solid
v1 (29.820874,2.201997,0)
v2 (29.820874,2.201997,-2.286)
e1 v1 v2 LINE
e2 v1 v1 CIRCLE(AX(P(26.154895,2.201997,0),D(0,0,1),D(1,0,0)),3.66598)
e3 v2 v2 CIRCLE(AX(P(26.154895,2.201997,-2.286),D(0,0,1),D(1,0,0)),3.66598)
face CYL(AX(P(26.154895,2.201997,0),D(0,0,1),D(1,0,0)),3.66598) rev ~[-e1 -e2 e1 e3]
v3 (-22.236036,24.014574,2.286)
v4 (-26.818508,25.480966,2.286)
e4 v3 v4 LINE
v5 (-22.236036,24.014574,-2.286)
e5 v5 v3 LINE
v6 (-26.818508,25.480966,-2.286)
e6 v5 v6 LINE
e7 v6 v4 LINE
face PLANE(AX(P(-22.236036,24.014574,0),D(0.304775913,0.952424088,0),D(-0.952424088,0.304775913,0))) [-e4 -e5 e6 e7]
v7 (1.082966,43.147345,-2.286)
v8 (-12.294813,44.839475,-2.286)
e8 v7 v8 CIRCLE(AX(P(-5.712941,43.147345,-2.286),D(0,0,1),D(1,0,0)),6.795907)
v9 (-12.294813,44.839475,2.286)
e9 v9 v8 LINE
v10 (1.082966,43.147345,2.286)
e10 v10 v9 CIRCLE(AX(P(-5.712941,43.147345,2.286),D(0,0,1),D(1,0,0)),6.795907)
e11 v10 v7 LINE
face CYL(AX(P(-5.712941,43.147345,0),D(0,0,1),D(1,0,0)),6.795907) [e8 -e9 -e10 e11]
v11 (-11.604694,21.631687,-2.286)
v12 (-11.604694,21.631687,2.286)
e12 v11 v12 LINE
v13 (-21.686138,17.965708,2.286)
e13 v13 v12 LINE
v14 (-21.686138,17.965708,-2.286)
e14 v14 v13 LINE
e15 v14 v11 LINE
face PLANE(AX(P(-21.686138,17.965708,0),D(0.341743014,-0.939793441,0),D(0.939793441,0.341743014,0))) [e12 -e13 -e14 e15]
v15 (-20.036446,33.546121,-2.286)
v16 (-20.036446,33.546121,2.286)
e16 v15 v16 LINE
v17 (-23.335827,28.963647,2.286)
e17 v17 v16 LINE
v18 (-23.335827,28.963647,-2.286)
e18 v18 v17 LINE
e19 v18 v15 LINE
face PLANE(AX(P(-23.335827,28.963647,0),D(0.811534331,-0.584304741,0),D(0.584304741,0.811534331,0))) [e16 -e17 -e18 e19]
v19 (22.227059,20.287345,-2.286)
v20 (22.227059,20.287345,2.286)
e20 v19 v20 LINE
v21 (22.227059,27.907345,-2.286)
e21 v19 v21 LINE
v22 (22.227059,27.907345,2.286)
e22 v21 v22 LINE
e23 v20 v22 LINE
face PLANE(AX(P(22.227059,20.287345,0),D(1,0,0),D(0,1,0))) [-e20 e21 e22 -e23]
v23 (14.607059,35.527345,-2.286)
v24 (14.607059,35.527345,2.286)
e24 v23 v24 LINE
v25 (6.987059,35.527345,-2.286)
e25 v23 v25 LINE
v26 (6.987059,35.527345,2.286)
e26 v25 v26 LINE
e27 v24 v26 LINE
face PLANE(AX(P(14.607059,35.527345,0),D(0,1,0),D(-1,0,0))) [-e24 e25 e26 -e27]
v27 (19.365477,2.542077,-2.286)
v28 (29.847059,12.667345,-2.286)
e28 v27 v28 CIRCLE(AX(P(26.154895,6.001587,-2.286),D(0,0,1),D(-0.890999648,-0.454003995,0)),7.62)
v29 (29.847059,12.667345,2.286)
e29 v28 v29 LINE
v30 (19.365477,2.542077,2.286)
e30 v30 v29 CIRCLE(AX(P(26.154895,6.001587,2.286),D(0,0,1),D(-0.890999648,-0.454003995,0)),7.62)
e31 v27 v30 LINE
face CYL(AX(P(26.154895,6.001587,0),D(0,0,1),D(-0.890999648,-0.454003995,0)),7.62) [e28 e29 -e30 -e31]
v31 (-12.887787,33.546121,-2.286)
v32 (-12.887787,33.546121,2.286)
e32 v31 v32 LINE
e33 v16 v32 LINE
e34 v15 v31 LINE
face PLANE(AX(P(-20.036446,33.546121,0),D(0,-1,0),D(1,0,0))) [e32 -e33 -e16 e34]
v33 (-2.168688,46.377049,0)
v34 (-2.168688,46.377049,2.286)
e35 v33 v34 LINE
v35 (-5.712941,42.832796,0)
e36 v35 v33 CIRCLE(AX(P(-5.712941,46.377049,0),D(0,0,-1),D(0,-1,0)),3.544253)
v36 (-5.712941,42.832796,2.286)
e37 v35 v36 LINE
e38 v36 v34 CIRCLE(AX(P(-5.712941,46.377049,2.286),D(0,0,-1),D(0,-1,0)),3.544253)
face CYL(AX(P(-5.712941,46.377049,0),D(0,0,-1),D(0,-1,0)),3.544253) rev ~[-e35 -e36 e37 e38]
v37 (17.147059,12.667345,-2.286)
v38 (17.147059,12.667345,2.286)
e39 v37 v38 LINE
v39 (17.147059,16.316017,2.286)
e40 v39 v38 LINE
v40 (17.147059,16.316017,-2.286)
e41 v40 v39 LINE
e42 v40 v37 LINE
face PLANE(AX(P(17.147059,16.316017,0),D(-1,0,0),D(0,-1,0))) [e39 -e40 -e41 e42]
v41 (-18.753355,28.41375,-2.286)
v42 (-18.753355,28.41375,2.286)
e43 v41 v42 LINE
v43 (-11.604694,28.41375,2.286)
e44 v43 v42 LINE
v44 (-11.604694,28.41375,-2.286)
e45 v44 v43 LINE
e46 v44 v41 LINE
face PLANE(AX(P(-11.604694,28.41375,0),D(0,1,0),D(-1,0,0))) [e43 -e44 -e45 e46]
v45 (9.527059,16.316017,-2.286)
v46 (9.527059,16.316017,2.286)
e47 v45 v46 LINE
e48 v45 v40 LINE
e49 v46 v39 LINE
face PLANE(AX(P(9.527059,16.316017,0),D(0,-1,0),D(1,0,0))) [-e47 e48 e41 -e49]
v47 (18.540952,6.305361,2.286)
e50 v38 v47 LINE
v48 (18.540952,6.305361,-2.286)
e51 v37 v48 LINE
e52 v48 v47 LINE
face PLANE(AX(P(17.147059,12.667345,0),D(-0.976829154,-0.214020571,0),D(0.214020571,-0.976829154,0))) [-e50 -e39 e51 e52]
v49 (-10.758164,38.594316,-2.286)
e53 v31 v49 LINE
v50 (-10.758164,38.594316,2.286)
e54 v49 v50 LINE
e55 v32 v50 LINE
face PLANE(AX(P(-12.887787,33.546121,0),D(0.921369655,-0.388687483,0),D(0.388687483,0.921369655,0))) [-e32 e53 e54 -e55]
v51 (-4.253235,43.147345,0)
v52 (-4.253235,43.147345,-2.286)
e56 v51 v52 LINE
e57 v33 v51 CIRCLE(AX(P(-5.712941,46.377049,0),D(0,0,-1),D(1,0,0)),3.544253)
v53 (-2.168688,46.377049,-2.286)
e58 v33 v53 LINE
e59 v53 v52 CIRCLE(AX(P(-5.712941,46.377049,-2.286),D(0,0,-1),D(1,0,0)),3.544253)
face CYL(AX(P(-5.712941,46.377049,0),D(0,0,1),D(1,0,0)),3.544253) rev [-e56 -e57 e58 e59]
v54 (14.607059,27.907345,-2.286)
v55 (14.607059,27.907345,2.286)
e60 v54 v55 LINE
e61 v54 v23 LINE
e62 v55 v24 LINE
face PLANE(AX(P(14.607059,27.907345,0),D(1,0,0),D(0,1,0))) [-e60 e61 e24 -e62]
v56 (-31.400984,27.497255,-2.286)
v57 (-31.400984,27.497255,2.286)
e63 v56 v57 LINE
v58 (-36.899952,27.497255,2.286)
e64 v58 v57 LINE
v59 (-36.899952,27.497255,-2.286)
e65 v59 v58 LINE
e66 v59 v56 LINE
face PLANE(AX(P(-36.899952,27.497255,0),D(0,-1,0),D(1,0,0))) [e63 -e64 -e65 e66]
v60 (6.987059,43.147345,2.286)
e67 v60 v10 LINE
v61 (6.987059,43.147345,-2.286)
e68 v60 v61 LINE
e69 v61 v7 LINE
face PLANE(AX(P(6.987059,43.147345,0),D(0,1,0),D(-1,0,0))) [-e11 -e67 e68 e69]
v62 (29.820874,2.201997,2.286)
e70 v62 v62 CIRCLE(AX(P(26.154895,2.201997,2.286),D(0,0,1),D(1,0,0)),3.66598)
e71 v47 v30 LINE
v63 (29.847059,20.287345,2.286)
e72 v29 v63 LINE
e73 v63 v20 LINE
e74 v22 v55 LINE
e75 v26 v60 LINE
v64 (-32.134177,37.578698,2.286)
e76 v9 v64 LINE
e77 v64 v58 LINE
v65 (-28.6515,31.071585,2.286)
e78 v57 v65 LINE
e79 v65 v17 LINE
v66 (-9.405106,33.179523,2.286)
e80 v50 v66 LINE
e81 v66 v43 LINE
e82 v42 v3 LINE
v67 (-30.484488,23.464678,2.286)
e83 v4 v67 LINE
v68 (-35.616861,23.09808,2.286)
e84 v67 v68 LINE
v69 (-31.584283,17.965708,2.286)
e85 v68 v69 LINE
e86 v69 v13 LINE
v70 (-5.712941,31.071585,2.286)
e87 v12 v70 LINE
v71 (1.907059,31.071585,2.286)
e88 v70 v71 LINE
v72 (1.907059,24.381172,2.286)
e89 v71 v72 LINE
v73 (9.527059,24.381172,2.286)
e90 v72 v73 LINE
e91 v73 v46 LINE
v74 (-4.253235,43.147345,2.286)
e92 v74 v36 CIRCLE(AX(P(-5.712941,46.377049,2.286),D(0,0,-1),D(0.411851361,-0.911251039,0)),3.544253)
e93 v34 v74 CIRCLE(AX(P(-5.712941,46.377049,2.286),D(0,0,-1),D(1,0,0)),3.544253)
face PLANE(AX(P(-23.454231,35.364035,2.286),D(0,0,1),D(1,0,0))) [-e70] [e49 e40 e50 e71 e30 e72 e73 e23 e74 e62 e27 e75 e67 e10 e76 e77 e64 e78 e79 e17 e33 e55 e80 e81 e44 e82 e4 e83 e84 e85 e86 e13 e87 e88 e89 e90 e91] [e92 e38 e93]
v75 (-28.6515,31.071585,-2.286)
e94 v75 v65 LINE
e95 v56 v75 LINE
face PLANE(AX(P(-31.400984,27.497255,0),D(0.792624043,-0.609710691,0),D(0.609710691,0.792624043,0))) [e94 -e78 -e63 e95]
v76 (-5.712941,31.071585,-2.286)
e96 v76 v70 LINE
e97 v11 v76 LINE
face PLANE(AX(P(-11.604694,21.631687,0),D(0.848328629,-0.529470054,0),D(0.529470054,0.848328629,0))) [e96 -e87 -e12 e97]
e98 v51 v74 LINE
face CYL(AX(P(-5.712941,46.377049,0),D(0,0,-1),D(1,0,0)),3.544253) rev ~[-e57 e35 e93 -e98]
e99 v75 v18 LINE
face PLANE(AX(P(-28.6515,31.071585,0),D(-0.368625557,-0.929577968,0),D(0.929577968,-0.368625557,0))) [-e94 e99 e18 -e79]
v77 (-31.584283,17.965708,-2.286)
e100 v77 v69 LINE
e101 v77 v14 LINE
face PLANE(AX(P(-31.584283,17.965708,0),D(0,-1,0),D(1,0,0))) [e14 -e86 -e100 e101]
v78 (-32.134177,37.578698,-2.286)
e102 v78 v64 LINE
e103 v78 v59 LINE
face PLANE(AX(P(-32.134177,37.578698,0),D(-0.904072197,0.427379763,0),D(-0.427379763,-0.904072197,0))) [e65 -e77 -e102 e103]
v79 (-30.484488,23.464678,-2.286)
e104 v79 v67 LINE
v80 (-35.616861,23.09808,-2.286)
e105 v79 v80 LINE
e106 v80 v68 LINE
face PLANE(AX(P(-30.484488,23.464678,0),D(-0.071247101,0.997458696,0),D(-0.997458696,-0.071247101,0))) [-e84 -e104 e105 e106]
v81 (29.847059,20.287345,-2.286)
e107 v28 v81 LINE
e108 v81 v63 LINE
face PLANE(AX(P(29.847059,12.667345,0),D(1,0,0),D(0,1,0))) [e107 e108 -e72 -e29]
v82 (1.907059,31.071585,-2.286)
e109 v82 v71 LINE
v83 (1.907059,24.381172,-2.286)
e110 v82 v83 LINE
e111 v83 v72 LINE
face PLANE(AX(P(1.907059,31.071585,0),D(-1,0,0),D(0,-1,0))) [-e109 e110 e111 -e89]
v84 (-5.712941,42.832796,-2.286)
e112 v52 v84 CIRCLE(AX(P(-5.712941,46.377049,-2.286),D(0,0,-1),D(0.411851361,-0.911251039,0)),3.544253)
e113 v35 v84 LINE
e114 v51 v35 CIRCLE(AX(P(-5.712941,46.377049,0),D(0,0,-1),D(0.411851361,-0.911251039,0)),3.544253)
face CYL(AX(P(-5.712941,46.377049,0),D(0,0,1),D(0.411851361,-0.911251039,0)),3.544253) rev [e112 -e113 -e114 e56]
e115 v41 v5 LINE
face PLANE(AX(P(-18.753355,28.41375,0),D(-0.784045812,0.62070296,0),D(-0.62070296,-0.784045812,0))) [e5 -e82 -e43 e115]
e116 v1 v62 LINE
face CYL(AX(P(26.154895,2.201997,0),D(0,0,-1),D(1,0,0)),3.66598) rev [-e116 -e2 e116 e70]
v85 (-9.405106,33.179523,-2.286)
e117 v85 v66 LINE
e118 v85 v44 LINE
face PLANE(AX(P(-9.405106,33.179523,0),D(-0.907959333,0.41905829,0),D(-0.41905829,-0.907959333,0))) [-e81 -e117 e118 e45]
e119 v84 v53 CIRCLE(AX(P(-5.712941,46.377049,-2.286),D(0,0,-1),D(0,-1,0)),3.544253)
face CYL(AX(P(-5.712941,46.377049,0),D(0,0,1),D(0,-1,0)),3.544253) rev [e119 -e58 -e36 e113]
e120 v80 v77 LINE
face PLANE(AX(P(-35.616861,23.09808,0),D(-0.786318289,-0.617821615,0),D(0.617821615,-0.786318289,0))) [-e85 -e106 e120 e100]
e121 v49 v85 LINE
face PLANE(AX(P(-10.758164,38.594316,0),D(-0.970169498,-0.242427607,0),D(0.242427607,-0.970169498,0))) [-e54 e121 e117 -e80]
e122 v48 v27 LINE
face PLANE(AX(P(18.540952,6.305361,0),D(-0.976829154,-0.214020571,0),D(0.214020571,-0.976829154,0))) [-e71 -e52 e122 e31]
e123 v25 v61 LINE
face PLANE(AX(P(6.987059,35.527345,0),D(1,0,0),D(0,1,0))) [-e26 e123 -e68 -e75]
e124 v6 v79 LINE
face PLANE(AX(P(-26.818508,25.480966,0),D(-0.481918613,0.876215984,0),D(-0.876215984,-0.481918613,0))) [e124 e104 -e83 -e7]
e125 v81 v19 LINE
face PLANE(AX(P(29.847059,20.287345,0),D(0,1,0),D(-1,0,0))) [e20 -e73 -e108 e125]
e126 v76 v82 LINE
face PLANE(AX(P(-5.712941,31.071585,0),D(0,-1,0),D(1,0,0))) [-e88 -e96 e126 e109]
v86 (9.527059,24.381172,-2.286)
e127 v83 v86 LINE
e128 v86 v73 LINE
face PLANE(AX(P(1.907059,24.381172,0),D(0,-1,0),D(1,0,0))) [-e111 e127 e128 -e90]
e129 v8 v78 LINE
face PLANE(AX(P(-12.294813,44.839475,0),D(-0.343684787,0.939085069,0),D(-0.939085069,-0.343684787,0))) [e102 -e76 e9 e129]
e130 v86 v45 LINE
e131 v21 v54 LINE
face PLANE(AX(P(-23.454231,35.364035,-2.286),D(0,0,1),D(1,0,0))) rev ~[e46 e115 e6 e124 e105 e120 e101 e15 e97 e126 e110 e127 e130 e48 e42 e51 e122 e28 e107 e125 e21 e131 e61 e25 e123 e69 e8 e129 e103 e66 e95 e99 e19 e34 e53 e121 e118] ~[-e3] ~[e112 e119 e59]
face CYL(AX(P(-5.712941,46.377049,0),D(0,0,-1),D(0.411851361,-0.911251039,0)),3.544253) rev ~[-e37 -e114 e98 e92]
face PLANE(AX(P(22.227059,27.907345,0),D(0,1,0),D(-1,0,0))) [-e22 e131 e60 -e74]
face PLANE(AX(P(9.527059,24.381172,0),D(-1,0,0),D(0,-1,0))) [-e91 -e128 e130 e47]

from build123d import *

# Parameters (mm, degrees)
F0_R          = 3.6659795791
F1_DEPTH      = 2.286
F1_DEPTH_BACK = 2.286


with BuildPart() as f1:
    # F0 (on Top) → F1 (new body, two sides)
    with BuildSketch(Plane.XY) as f1_sk:
        with BuildLine():
            ThreePointArc((-10.7581636849, 38.5943156396), (-12.3120194853, 41.5236119371), (-12.2948130254, 44.8394751105))
            Line((-12.2948130254, 44.8394751105), (-32.1341768742, 37.5786978342))
            Line((-32.1341768742, 37.5786978342), (-36.8999519289, 27.4972548299))
            Line((-36.8999519289, 27.4972548299), (-31.4009838641, 27.4972548299))
            Line((-31.4009838641, 27.4972548299), (-28.6514998317, 31.071584724))
            Line((-28.6514998317, 31.071584724), (-23.3358272255, 28.9636466709))
            Line((-23.3358272255, 28.9636466709), (-20.0364456416, 33.5461209119))
            Line((-20.0364456416, 33.5461209119), (-12.8877867848, 33.5461209119))
            Line((-12.8877867848, 33.5461209119), (-10.7581636849, 38.5943156396))
        make_face()
        with BuildLine():
            Line((-5.712940873, 31.071584724), (-5.712940873, 36.3514380628))
            ThreePointArc((-5.712940873, 36.3514380628), (-8.4735917494, 36.9374208909), (-10.7581636849, 38.5943156396))
            Line((-10.7581636849, 38.5943156396), (-9.405106017, 33.179522777))
            Line((-9.405106017, 33.179522777), (-11.6046943605, 28.413749585))
            Line((-11.6046943605, 28.413749585), (-18.7533550799, 28.413749585))
            Line((-18.7533550799, 28.413749585), (-22.2360358477, 24.0145740621))
            Line((-22.2360358477, 24.0145740621), (-26.8185079933, 25.4809661359))
            Line((-26.8185079933, 25.4809661359), (-30.4844879449, 23.4646779076))
            Line((-30.4844879449, 23.4646779076), (-35.6168613673, 23.0980795399))
            Line((-35.6168613673, 23.0980795399), (-31.584283048, 17.9657079802))
            Line((-31.584283048, 17.9657079802), (-21.6861382962, 17.9657079802))
            Line((-21.6861382962, 17.9657079802), (-11.6046943605, 21.6316870005))
            Line((-11.6046943605, 21.6316870005), (-5.712940873, 31.071584724))
        make_face()
        with BuildLine():
            Line((-4.2532354575, 43.1473446608), (1.0829657251, 43.1473446608))
            ThreePointArc((1.0829657251, 43.1473446608), (-4.8601343001, 49.8895303182), (-12.2948130254, 44.8394751105))
            ThreePointArc((-12.2948130254, 44.8394751105), (-12.3120194853, 41.5236119371), (-10.7581636849, 38.5943156396))
            ThreePointArc((-10.7581636849, 38.5943156396), (-8.4735917494, 36.9374208909), (-5.712940873, 36.3514380628))
            Line((-5.712940873, 36.3514380628), (-5.712940873, 42.832795892))
            ThreePointArc((-5.712940873, 42.832795892), (-8.219106195, 48.883214202), (-2.168687885, 46.3770488799))
            ThreePointArc((-2.168687885, 46.3770488799), (-2.7350813629, 44.4550494051), (-4.2532354575, 43.1473446608))
        make_face()
        with BuildLine():
            ThreePointArc((-5.712940873, 36.3514380628), (-0.9075092332, 38.341913021), (1.0829657251, 43.1473446608))
            Line((1.0829657251, 43.1473446608), (-4.2532354575, 43.1473446608))
            ThreePointArc((-4.2532354575, 43.1473446608), (-4.9663350821, 42.9123253649), (-5.712940873, 42.832795892))
            Line((-5.712940873, 42.832795892), (-5.712940873, 36.3514380628))
        make_face()
        with BuildLine():
            Line((6.987059127, 35.5273446608), (6.987059127, 43.1473446608))
            Line((6.987059127, 43.1473446608), (1.0829657251, 43.1473446608))
            ThreePointArc((1.0829657251, 43.1473446608), (-0.9075092332, 38.341913021), (-5.712940873, 36.3514380628))
            Line((-5.712940873, 36.3514380628), (-5.712940873, 31.071584724))
            Line((-5.712940873, 31.071584724), (1.907059127, 31.071584724))
            Line((1.907059127, 31.071584724), (1.907059127, 24.3811724298))
            Line((1.907059127, 24.3811724298), (9.527059127, 24.3811724298))
            Line((9.527059127, 24.3811724298), (9.527059127, 16.3160171882))
            Line((9.527059127, 16.3160171882), (17.147059127, 16.3160171882))
            Line((17.147059127, 16.3160171882), (17.147059127, 12.6673446608))
            Line((17.147059127, 12.6673446608), (22.4627302145, 12.6673446608))
            Line((22.4627302145, 12.6673446608), (29.847059127, 12.6673446608))
            Line((29.847059127, 12.6673446608), (29.847059127, 20.2873446608))
            Line((29.847059127, 20.2873446608), (22.227059127, 20.2873446608))
            Line((22.227059127, 20.2873446608), (22.227059127, 27.9073446608))
            Line((22.227059127, 27.9073446608), (14.607059127, 27.9073446608))
            Line((14.607059127, 27.9073446608), (14.607059127, 35.5273446608))
            Line((14.607059127, 35.5273446608), (6.987059127, 35.5273446608))
        make_face()
        with BuildLine():
            Line((29.847059127, 12.6673446608), (22.4627302145, 12.6673446608))
            ThreePointArc((22.4627302145, 12.6673446608), (19.6683145281, 10.0001717736), (18.54095211, 6.3053613295))
            Line((18.54095211, 6.3053613295), (19.3654773553, 2.5420768229))
            ThreePointArc((19.3654773553, 2.5420768229), (31.449090173, 0.5210860144), (29.847059127, 12.6673446608))
        make_face()
        with Locations((26.1548946708, 2.2019967959)):
            Circle(F0_R, mode=Mode.SUBTRACT)
        with BuildLine():
            Line((22.4627302145, 12.6673446608), (17.147059127, 12.6673446608))
            Line((17.147059127, 12.6673446608), (18.54095211, 6.3053613295))
            ThreePointArc((18.54095211, 6.3053613295), (19.6683145281, 10.0001717736), (22.4627302145, 12.6673446608))
        make_face()
    extrude(amount=F1_DEPTH)
    extrude(f1_sk.sketch, amount=-F1_DEPTH_BACK)


solid = f1.part
